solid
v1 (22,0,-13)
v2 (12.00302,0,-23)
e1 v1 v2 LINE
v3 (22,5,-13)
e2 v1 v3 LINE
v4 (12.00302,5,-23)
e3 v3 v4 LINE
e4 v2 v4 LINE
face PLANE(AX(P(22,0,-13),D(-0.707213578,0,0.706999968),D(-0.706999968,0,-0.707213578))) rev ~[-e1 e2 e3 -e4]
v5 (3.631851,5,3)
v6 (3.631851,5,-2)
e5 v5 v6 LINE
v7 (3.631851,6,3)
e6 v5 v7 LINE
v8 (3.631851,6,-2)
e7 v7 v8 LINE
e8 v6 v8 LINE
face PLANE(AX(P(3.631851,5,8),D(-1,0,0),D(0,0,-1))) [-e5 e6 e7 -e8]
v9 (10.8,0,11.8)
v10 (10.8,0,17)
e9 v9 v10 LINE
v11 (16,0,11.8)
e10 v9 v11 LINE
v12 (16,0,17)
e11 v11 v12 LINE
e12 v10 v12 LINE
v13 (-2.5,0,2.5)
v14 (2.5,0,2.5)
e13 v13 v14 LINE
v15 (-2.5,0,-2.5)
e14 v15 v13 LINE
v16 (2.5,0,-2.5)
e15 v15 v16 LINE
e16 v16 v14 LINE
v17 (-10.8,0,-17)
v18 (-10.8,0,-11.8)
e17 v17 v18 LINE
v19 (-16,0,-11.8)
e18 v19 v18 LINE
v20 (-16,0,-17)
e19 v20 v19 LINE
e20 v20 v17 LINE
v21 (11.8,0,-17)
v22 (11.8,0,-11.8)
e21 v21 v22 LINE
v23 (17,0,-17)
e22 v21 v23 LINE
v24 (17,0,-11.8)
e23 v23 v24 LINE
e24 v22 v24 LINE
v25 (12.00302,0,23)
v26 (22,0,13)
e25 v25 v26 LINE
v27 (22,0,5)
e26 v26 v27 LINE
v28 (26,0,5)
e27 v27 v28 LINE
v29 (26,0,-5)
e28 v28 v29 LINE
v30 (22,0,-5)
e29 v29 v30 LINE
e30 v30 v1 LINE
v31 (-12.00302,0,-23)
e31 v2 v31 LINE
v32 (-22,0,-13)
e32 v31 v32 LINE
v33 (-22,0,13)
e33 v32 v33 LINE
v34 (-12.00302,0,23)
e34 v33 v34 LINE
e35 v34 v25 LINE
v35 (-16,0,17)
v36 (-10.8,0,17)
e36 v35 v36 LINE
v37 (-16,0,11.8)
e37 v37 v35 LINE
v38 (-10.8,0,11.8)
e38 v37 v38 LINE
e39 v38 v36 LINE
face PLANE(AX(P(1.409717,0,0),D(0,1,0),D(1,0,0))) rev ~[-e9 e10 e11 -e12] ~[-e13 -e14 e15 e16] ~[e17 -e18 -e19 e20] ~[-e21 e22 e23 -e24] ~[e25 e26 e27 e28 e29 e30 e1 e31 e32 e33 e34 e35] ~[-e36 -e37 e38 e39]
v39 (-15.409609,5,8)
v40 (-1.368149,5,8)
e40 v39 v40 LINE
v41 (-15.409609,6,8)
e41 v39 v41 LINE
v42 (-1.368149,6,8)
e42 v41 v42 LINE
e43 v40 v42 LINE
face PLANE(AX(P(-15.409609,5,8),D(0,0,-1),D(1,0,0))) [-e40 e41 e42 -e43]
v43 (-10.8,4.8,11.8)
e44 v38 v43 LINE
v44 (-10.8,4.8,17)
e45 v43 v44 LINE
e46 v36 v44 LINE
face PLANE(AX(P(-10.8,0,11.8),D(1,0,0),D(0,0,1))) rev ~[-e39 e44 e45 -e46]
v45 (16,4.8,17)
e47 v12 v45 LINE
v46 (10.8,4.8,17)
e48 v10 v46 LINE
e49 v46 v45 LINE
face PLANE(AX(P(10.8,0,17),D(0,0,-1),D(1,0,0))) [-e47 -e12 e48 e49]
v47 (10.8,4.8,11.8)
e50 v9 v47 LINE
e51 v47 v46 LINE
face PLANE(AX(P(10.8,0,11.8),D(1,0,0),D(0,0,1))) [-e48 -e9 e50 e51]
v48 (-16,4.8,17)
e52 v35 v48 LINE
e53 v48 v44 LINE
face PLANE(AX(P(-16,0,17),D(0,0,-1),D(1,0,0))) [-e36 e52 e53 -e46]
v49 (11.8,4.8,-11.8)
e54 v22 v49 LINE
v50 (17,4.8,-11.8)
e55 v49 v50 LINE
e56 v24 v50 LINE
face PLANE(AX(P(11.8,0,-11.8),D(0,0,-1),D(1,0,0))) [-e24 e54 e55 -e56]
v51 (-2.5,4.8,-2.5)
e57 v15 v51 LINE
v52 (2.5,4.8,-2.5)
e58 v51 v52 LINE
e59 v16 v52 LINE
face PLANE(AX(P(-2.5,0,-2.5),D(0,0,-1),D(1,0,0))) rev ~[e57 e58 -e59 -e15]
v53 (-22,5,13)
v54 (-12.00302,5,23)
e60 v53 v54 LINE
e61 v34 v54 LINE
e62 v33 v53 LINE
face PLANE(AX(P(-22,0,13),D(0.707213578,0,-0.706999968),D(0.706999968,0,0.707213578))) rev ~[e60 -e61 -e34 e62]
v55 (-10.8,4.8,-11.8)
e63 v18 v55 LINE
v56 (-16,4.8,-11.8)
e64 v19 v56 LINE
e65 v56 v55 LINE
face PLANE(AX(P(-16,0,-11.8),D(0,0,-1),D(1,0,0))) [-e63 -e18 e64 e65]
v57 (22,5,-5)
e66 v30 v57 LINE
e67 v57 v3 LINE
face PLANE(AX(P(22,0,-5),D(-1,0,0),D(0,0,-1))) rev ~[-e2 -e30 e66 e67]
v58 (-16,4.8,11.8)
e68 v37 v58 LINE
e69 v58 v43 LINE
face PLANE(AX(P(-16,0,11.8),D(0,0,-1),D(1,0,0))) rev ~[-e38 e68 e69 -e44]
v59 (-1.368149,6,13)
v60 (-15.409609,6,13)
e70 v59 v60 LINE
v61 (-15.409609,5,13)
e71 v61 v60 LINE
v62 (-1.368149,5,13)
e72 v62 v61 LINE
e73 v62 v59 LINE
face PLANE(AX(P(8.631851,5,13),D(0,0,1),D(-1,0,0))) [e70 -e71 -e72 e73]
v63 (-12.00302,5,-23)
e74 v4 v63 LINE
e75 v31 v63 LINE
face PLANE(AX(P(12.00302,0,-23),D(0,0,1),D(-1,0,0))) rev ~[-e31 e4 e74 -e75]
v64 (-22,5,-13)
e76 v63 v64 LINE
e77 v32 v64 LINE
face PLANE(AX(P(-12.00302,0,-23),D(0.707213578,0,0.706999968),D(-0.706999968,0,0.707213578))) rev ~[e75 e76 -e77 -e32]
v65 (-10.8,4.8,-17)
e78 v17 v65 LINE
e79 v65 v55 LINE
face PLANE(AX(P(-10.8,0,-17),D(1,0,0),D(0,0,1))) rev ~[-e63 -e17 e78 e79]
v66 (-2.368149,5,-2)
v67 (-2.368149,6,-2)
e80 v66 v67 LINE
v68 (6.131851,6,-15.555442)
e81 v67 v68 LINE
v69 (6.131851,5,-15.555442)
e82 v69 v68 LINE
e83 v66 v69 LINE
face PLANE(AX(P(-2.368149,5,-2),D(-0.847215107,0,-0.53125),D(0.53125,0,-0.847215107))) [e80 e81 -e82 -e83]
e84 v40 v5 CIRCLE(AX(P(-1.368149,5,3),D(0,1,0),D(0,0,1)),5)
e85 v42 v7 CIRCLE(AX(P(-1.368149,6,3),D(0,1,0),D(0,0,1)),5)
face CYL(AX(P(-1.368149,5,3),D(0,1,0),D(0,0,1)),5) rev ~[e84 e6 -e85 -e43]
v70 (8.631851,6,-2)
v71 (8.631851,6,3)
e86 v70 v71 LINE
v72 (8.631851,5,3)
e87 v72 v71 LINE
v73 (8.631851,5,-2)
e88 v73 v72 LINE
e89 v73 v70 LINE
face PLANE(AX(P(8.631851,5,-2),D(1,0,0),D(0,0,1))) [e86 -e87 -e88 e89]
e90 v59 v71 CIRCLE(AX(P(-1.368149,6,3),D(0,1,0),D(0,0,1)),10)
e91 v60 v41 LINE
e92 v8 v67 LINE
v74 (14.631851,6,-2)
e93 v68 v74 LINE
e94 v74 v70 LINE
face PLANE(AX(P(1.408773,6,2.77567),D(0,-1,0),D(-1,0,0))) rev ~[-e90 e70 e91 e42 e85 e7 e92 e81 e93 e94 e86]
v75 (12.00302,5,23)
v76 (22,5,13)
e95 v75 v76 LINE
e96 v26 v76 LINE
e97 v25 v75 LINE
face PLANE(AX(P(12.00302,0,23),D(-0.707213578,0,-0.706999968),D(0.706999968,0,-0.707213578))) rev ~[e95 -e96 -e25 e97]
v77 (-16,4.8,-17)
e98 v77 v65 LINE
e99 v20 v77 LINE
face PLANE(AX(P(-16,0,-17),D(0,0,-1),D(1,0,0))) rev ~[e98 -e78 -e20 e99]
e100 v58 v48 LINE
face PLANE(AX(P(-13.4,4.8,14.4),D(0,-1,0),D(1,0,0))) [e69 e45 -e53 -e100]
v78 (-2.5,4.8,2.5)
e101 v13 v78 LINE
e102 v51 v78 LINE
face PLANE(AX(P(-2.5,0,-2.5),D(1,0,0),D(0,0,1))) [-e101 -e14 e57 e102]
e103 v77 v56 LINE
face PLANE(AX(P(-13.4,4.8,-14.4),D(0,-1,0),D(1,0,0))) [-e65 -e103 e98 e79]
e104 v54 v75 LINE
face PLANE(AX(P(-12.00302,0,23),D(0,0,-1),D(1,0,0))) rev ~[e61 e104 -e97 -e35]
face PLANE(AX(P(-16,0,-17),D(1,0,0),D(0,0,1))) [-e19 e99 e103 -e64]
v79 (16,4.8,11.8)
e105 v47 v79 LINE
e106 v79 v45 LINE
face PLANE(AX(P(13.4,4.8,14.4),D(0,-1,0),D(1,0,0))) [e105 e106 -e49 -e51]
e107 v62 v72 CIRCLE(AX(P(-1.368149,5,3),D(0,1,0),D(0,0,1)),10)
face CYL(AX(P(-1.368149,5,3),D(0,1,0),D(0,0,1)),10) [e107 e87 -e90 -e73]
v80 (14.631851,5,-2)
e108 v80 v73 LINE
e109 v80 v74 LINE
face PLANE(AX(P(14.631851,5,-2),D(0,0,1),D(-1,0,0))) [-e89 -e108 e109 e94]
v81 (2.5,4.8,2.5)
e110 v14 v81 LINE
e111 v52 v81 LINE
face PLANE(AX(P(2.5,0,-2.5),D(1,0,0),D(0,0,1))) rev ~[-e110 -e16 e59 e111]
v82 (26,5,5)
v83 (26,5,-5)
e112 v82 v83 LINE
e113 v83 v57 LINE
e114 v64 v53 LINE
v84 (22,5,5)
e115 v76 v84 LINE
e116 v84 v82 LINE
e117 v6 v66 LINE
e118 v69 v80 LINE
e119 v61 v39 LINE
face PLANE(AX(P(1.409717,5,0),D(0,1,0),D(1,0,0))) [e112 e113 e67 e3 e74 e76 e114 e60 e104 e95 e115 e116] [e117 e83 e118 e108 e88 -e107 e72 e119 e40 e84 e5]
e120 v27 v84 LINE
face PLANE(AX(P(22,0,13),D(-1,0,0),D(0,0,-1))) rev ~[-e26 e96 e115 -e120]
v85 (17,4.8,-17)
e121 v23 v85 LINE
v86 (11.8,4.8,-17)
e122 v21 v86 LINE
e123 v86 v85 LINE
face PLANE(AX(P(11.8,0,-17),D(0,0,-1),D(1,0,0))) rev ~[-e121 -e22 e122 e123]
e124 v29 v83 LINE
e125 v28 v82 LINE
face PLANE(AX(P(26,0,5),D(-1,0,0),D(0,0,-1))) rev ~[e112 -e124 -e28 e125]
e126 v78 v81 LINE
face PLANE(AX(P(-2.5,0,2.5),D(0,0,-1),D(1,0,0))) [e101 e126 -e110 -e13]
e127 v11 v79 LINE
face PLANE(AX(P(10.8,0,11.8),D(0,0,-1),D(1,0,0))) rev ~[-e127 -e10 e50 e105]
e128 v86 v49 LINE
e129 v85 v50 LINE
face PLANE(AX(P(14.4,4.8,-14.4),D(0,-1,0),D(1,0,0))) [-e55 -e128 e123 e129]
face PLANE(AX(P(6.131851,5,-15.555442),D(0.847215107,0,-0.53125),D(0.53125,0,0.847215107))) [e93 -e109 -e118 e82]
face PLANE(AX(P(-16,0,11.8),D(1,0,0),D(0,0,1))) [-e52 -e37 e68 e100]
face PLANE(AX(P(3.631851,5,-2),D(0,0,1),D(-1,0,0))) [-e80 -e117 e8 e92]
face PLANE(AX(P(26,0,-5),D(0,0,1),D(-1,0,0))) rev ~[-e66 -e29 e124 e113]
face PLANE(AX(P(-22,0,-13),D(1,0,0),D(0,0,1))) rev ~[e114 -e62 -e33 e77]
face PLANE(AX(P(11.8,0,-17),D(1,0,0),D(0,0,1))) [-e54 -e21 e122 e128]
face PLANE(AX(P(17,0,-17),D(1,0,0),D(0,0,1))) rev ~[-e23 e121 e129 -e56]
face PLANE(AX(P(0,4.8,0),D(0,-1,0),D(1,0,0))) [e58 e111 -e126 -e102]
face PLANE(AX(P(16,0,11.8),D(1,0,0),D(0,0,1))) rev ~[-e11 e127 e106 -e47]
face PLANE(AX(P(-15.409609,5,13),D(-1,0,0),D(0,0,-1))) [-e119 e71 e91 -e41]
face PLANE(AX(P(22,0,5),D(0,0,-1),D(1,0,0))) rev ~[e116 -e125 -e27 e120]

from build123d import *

# Parameters (mm, degrees)
BOSS_EXTRU_1_DEPTH      = 5
BOSS_EXTRU_2_DEPTH      = 1
ESQUISSE3_W             = 5.2
ESQUISSE3_H             = 5.2
ESQUISSE3_W_2           = 5
ESQUISSE3_H_2           = 5
ENL_V_MAT_EXTRU_1_DEPTH = 4.8
CONG_1_R                = 10
CONG_2_R                = 5


with BuildPart() as part:
    # Esquisse1 → Boss.-Extru.1 (new body)
    with BuildSketch(Plane(origin=(0, 0, 0), x_dir=(1, 0, 0), z_dir=(0, 1, 0))):
        Polygon((22, 13), (12.003020456, 23), (-12.003020456, 23), (-22, 13), (-22, -13), (-12.003020456, -23), (12.003020456, -23), (22, -13), (22, -5), (26, -5), (26, 5), (22, 5), align=None)
    extrude(amount=BOSS_EXTRU_1_DEPTH)

    # Esquisse2 → Boss.-Extru.2 (add)
    with BuildSketch(Plane(origin=(0, 5, 0), x_dir=(1, 0, 0), z_dir=(0, 1, 0))):
        Polygon((-15.409608561, -8), (3.631850655, -8), (3.631850655, 2), (-2.368149345, 2), (6.131850655, 15.555441712), (14.631850655, 2), (8.631850655, 2), (8.631850655, -13), (-15.409608561, -13), align=None)
    extrude(amount=BOSS_EXTRU_2_DEPTH)

    # Esquisse3 → Enlèv. mat.-Extru.1 (cut)
    with BuildSketch(Plane.XZ):
        with Locations((-13.4, 14.4)):
            Rectangle(ESQUISSE3_W, ESQUISSE3_H)
        with Locations((-13.4, -14.4)):
            Rectangle(ESQUISSE3_W, ESQUISSE3_H)
        with Locations((14.4, -14.4)):
            Rectangle(ESQUISSE3_W, ESQUISSE3_H)
        with Locations((13.4, 14.4)):
            Rectangle(ESQUISSE3_W, ESQUISSE3_H)
        Rectangle(ESQUISSE3_W_2, ESQUISSE3_H_2)
    extrude(amount=-ENL_V_MAT_EXTRU_1_DEPTH, mode=Mode.SUBTRACT)

    # Congé1
    cong_1_edges = [part.edges().sort_by_distance(p)[0] for p in [
        (8.631850655, 5.5, 13),
    ]]
    fillet(cong_1_edges, radius=CONG_1_R)

    # Congé2
    cong_2_edges = [part.edges().sort_by_distance(p)[0] for p in [
        (3.631850655, 5.5, 8),
    ]]
    fillet(cong_2_edges, radius=CONG_2_R)


solid = part.part
